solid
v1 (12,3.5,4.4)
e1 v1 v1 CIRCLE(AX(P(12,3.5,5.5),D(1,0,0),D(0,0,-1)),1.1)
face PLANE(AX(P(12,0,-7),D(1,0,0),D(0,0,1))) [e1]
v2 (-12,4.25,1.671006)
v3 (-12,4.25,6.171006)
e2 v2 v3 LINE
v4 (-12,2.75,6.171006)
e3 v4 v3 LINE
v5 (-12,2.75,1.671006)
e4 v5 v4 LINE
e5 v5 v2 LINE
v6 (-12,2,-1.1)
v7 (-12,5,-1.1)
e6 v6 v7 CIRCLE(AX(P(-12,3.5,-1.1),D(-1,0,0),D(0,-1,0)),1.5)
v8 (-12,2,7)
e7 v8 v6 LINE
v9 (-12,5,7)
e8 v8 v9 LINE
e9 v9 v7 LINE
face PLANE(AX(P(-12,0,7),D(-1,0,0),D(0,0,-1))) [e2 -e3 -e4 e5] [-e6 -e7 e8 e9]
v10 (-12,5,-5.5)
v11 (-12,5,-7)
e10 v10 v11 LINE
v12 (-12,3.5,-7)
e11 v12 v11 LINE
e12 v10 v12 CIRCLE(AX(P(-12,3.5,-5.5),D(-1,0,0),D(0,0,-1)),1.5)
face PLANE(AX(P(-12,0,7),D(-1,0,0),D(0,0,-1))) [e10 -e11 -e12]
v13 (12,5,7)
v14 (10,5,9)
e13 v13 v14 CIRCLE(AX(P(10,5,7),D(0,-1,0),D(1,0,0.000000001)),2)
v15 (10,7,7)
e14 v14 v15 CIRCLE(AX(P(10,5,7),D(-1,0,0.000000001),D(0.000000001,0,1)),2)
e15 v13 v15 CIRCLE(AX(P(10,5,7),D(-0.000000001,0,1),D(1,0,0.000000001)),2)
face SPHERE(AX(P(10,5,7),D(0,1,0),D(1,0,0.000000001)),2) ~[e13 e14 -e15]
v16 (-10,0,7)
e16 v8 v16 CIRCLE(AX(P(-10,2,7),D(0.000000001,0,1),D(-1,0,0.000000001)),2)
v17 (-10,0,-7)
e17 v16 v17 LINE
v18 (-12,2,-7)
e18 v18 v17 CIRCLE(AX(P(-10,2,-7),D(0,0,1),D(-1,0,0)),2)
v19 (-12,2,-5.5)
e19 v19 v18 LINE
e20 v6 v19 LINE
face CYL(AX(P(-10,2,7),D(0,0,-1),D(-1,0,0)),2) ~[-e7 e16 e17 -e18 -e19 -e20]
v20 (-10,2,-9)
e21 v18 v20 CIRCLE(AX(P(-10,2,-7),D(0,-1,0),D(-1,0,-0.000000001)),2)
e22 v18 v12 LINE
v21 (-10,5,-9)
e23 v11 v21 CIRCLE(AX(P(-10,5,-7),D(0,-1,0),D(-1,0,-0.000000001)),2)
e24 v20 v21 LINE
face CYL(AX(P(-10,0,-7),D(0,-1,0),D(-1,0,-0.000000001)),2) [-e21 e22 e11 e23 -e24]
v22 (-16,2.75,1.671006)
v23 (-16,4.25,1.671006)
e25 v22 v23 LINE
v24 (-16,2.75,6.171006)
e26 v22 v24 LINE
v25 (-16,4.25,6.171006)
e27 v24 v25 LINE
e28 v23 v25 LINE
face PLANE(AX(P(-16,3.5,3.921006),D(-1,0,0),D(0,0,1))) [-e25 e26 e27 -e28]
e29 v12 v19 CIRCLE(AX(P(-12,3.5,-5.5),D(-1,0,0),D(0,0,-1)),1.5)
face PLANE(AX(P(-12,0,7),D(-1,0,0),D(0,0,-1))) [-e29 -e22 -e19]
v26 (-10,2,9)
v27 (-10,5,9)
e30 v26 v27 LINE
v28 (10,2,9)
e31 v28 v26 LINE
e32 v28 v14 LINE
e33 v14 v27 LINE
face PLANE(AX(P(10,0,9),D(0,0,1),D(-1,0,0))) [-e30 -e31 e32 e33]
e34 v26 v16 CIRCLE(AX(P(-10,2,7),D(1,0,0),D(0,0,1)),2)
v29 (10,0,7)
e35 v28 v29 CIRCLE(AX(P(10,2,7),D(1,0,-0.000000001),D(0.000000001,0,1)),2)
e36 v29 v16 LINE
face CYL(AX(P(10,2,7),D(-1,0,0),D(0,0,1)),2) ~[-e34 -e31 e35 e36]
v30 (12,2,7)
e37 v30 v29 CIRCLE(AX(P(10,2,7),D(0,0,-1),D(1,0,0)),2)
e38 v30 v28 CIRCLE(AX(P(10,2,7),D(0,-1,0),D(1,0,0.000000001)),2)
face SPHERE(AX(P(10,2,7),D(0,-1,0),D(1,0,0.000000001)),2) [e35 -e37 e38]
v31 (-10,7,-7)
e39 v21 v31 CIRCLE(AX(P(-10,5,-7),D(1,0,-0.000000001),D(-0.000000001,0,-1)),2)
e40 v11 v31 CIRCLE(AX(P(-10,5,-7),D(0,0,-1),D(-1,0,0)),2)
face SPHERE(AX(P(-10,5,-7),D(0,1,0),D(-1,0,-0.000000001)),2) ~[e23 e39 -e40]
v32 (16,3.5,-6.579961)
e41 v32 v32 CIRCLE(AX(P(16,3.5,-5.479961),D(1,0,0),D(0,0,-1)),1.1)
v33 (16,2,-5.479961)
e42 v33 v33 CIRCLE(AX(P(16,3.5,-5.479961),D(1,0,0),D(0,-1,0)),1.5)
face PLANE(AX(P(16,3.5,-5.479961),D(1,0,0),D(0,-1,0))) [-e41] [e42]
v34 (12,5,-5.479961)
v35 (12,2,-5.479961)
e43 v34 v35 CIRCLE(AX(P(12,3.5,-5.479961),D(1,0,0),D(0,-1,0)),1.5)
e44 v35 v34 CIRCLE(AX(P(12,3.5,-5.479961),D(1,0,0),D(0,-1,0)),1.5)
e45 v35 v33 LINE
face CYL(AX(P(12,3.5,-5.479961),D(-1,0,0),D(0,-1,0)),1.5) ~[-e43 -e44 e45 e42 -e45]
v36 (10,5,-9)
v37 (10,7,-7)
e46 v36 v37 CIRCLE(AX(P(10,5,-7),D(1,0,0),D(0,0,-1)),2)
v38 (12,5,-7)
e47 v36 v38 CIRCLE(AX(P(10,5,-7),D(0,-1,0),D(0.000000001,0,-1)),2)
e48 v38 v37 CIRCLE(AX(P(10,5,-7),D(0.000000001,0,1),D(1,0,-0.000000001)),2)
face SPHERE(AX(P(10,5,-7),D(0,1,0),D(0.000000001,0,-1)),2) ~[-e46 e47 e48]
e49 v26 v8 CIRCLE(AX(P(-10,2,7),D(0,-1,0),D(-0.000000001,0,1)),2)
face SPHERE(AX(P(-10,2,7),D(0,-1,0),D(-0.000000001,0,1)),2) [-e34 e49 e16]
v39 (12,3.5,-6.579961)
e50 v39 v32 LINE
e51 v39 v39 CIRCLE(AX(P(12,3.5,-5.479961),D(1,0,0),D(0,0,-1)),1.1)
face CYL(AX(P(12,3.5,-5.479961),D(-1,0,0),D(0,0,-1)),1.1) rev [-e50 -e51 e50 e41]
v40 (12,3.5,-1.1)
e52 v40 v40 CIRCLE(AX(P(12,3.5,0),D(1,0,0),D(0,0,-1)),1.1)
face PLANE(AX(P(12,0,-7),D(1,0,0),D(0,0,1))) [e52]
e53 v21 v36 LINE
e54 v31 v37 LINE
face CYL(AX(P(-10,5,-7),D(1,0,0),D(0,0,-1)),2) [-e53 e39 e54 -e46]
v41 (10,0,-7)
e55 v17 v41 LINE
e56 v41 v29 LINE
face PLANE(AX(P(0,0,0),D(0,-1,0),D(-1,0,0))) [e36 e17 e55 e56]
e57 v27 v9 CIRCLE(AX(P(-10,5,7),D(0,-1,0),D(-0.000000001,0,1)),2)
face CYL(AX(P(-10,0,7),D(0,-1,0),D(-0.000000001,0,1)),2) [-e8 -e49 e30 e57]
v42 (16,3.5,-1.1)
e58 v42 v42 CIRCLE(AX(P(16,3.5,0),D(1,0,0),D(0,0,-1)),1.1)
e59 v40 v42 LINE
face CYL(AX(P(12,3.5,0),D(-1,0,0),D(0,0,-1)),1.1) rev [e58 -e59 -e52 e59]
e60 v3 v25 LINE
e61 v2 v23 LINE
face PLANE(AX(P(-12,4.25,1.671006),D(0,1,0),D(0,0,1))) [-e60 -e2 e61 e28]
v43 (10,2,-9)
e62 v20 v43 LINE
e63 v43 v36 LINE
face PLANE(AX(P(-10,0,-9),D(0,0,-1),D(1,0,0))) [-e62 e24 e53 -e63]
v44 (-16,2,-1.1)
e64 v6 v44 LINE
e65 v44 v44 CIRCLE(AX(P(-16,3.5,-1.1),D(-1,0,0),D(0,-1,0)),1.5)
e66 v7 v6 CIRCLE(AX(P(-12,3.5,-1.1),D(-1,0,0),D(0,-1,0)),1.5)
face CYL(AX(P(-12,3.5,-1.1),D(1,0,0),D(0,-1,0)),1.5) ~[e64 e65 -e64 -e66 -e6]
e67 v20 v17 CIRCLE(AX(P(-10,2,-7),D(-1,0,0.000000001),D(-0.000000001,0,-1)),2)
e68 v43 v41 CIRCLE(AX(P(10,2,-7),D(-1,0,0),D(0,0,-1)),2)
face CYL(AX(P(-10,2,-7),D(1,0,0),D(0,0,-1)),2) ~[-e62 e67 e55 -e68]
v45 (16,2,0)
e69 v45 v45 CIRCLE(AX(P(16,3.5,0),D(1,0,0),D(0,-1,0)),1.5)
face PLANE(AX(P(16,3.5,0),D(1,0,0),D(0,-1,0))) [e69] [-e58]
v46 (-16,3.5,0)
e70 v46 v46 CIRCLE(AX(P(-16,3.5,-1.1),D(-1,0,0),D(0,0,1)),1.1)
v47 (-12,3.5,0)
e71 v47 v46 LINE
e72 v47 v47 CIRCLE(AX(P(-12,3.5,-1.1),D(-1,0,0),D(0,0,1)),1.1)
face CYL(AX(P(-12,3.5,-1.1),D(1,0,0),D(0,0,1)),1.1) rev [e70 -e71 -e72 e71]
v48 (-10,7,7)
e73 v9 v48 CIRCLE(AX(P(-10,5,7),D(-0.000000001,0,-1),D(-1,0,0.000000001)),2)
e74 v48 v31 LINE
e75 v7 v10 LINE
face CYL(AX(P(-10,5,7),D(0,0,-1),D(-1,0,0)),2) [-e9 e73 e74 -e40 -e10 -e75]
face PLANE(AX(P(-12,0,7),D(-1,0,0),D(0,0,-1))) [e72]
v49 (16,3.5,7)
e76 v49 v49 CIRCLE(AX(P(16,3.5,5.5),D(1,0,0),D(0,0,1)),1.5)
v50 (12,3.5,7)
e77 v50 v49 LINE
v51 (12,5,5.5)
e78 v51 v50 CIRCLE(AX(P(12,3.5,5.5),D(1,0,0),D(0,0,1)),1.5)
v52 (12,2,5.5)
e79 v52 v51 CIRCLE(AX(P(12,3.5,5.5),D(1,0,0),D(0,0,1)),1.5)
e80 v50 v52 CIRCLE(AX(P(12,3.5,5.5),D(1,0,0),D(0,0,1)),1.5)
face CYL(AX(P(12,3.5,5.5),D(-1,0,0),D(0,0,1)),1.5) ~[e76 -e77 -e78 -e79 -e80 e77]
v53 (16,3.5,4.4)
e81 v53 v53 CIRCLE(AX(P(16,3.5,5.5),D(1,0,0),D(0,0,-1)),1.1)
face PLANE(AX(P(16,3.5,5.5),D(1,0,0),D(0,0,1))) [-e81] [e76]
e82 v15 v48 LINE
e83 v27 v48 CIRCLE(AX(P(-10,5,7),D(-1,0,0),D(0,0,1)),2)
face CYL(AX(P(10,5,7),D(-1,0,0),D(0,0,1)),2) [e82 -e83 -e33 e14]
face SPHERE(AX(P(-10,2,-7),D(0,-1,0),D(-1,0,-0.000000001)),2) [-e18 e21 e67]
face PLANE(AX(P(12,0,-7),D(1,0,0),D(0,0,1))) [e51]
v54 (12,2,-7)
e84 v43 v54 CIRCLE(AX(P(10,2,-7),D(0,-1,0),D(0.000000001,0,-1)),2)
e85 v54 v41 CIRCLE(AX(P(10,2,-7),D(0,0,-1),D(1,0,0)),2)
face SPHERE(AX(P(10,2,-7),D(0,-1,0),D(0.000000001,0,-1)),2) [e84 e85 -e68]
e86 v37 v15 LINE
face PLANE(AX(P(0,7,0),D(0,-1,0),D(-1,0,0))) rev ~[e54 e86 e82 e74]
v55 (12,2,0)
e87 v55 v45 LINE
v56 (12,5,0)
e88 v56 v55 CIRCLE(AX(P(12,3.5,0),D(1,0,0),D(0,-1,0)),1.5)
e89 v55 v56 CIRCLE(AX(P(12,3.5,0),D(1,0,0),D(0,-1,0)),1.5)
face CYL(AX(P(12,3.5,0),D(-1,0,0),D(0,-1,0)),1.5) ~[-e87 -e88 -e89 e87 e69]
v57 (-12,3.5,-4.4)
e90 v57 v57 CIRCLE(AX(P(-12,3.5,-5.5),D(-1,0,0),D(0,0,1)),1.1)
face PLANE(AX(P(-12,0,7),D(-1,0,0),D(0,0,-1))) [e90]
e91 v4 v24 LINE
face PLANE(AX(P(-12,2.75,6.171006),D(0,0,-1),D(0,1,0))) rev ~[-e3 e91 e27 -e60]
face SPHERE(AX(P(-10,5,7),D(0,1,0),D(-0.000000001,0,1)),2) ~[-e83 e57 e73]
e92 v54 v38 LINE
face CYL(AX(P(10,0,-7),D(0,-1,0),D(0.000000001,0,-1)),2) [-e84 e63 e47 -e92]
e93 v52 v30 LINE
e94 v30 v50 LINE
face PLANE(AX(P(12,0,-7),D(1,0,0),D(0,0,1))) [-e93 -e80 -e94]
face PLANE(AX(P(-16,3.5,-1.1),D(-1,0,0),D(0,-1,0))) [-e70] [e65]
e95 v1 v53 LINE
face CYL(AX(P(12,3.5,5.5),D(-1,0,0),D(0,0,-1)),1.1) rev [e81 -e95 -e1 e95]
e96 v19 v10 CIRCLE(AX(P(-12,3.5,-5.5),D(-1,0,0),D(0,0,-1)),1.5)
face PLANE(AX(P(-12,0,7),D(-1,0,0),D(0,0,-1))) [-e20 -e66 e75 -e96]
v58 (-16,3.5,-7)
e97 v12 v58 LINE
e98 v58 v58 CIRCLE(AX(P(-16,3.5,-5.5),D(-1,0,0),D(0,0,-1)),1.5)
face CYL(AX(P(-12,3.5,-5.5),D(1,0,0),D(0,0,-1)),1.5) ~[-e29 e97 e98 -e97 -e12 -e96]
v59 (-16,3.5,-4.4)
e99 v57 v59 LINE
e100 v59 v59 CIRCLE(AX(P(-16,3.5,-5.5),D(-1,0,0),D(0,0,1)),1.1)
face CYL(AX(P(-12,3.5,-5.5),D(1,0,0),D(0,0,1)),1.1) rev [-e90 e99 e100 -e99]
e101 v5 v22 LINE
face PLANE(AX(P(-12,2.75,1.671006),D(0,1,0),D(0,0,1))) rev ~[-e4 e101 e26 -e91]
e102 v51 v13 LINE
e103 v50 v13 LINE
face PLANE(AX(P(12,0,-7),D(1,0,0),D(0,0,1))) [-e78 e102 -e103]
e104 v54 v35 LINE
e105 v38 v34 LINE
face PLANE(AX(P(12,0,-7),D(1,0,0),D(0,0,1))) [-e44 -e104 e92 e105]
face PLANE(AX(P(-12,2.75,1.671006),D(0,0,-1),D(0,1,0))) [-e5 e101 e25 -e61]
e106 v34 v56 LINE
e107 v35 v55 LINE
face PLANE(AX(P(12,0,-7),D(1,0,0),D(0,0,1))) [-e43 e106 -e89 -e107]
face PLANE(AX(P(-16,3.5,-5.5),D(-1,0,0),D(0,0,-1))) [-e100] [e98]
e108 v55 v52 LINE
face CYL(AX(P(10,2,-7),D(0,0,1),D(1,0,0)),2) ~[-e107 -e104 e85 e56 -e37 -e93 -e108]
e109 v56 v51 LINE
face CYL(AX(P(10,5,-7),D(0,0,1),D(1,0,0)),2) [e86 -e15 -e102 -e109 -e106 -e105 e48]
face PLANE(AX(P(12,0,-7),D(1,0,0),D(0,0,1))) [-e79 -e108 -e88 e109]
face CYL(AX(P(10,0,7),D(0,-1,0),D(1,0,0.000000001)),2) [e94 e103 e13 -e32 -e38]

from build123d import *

# Parameters (mm, degrees)
BOSS_EXTRUDE1_DEPTH = 7
FILLET1_R           = 2
SKETCH2_R           = 1.5
SKETCH2_R_2         = 1.1
BOSS_EXTRUDE2_DEPTH = 4
SKETCH3_R           = 1.5
SKETCH3_R_2         = 1.1
SKETCH3_W           = 4.5
SKETCH3_H           = 1.5
BOSS_EXTRUDE3_DEPTH = 4


with BuildPart() as part:
    # Sketch1 → Boss-Extrude1 (new body)
    with BuildSketch(Plane(origin=(0, 0, 0), x_dir=(1, 0, 0), z_dir=(0, 1, 0))):
        with BuildLine():
            Line((-10, 9), (10, 9))
            ThreePointArc((10, 9), (11.414213562, 8.414213562), (12, 7))
            Line((12, 7), (12, -7))
            ThreePointArc((12, -7), (11.414213562, -8.414213562), (10, -9))
            Line((10, -9), (-10, -9))
            ThreePointArc((-10, -9), (-11.414213562, -8.414213562), (-12, -7))
            Line((-12, -7), (-12, 7))
            ThreePointArc((-12, 7), (-11.414213562, 8.414213562), (-10, 9))
        make_face()
    extrude(amount=BOSS_EXTRUDE1_DEPTH)

    # Fillet1
    fillet1_edges = [part.edges().sort_by_distance(p)[0] for p in [
        (12, 0, 0),
        (11.414213562, 0, 8.414213562),
        (0, 0, 9),
        (-11.414213562, 0, 8.414213562),
        (11.414213562, 7, 8.414213562),
        (12, 7, 0),
        (11.414213562, 7, -8.414213562),
        (0, 7, -9),
        (-11.414213562, 7, -8.414213562),
        (-12, 7, 0),
        (-11.414213562, 7, 8.414213562),
        (-12, 0, 0),
        (0, 7, 9),
        (-11.414213562, 0, -8.414213562),
        (0, 0, -9),
        (11.414213562, 0, -8.414213562),
    ]]
    fillet(fillet1_edges, radius=FILLET1_R)

    # Sketch2 → Boss-Extrude2 (add)
    # profile 1 of 3: a face of its own
    with BuildSketch(Plane(origin=(12, 0, 0), x_dir=(0, 0, -1), z_dir=(1, 0, 0))):
        with Locations(Location((0, 3.5, 0), (0, 0, 270))):
            Circle(SKETCH2_R)
        with Locations((0, 3.5)):
            Circle(SKETCH2_R_2, mode=Mode.SUBTRACT)
    # profile 2 of 3: a face of its own
    with BuildSketch(Plane(origin=(12, 0, 0), x_dir=(0, 0, -1), z_dir=(1, 0, 0))):
        with Locations(Location((-5.5, 3.5, 0), (0, 0, 180))):
            Circle(SKETCH2_R)
        with Locations((-5.5, 3.5)):
            Circle(SKETCH2_R_2, mode=Mode.SUBTRACT)
    # profile 3 of 3: a face of its own
    with BuildSketch(Plane(origin=(12, 0, 0), x_dir=(0, 0, -1), z_dir=(1, 0, 0))):
        with Locations(Location((5.479960671, 3.5, 0), (0, 0, 270))):
            Circle(SKETCH2_R)
        with Locations((5.479960671, 3.5)):
            Circle(SKETCH2_R_2, mode=Mode.SUBTRACT)
    extrude(amount=BOSS_EXTRUDE2_DEPTH)

    # Sketch3 → Boss-Extrude3 (add)
    # profile 1 of 3: a face of its own
    with BuildSketch(Plane.ZY.offset(12)):
        with Locations(Location((-5.5, 3.5, 0), (0, 0, 180))):
            Circle(SKETCH3_R)
        with Locations((-5.5, 3.5)):
            Circle(SKETCH3_R_2, mode=Mode.SUBTRACT)
    # profile 2 of 3: a face of its own
    with BuildSketch(Plane.ZY.offset(12)):
        with Locations(Location((-1.1, 3.5, 0), (0, 0, 270))):
            Circle(SKETCH3_R)
        with Locations((-1.1, 3.5)):
            Circle(SKETCH3_R_2, mode=Mode.SUBTRACT)
    # profile 3 of 3: a face of its own
    with BuildSketch(Plane.ZY.offset(12)):
        with Locations((3.921006342, 3.5)):
            Rectangle(SKETCH3_W, SKETCH3_H)
    extrude(amount=BOSS_EXTRUDE3_DEPTH)


solid = part.part
